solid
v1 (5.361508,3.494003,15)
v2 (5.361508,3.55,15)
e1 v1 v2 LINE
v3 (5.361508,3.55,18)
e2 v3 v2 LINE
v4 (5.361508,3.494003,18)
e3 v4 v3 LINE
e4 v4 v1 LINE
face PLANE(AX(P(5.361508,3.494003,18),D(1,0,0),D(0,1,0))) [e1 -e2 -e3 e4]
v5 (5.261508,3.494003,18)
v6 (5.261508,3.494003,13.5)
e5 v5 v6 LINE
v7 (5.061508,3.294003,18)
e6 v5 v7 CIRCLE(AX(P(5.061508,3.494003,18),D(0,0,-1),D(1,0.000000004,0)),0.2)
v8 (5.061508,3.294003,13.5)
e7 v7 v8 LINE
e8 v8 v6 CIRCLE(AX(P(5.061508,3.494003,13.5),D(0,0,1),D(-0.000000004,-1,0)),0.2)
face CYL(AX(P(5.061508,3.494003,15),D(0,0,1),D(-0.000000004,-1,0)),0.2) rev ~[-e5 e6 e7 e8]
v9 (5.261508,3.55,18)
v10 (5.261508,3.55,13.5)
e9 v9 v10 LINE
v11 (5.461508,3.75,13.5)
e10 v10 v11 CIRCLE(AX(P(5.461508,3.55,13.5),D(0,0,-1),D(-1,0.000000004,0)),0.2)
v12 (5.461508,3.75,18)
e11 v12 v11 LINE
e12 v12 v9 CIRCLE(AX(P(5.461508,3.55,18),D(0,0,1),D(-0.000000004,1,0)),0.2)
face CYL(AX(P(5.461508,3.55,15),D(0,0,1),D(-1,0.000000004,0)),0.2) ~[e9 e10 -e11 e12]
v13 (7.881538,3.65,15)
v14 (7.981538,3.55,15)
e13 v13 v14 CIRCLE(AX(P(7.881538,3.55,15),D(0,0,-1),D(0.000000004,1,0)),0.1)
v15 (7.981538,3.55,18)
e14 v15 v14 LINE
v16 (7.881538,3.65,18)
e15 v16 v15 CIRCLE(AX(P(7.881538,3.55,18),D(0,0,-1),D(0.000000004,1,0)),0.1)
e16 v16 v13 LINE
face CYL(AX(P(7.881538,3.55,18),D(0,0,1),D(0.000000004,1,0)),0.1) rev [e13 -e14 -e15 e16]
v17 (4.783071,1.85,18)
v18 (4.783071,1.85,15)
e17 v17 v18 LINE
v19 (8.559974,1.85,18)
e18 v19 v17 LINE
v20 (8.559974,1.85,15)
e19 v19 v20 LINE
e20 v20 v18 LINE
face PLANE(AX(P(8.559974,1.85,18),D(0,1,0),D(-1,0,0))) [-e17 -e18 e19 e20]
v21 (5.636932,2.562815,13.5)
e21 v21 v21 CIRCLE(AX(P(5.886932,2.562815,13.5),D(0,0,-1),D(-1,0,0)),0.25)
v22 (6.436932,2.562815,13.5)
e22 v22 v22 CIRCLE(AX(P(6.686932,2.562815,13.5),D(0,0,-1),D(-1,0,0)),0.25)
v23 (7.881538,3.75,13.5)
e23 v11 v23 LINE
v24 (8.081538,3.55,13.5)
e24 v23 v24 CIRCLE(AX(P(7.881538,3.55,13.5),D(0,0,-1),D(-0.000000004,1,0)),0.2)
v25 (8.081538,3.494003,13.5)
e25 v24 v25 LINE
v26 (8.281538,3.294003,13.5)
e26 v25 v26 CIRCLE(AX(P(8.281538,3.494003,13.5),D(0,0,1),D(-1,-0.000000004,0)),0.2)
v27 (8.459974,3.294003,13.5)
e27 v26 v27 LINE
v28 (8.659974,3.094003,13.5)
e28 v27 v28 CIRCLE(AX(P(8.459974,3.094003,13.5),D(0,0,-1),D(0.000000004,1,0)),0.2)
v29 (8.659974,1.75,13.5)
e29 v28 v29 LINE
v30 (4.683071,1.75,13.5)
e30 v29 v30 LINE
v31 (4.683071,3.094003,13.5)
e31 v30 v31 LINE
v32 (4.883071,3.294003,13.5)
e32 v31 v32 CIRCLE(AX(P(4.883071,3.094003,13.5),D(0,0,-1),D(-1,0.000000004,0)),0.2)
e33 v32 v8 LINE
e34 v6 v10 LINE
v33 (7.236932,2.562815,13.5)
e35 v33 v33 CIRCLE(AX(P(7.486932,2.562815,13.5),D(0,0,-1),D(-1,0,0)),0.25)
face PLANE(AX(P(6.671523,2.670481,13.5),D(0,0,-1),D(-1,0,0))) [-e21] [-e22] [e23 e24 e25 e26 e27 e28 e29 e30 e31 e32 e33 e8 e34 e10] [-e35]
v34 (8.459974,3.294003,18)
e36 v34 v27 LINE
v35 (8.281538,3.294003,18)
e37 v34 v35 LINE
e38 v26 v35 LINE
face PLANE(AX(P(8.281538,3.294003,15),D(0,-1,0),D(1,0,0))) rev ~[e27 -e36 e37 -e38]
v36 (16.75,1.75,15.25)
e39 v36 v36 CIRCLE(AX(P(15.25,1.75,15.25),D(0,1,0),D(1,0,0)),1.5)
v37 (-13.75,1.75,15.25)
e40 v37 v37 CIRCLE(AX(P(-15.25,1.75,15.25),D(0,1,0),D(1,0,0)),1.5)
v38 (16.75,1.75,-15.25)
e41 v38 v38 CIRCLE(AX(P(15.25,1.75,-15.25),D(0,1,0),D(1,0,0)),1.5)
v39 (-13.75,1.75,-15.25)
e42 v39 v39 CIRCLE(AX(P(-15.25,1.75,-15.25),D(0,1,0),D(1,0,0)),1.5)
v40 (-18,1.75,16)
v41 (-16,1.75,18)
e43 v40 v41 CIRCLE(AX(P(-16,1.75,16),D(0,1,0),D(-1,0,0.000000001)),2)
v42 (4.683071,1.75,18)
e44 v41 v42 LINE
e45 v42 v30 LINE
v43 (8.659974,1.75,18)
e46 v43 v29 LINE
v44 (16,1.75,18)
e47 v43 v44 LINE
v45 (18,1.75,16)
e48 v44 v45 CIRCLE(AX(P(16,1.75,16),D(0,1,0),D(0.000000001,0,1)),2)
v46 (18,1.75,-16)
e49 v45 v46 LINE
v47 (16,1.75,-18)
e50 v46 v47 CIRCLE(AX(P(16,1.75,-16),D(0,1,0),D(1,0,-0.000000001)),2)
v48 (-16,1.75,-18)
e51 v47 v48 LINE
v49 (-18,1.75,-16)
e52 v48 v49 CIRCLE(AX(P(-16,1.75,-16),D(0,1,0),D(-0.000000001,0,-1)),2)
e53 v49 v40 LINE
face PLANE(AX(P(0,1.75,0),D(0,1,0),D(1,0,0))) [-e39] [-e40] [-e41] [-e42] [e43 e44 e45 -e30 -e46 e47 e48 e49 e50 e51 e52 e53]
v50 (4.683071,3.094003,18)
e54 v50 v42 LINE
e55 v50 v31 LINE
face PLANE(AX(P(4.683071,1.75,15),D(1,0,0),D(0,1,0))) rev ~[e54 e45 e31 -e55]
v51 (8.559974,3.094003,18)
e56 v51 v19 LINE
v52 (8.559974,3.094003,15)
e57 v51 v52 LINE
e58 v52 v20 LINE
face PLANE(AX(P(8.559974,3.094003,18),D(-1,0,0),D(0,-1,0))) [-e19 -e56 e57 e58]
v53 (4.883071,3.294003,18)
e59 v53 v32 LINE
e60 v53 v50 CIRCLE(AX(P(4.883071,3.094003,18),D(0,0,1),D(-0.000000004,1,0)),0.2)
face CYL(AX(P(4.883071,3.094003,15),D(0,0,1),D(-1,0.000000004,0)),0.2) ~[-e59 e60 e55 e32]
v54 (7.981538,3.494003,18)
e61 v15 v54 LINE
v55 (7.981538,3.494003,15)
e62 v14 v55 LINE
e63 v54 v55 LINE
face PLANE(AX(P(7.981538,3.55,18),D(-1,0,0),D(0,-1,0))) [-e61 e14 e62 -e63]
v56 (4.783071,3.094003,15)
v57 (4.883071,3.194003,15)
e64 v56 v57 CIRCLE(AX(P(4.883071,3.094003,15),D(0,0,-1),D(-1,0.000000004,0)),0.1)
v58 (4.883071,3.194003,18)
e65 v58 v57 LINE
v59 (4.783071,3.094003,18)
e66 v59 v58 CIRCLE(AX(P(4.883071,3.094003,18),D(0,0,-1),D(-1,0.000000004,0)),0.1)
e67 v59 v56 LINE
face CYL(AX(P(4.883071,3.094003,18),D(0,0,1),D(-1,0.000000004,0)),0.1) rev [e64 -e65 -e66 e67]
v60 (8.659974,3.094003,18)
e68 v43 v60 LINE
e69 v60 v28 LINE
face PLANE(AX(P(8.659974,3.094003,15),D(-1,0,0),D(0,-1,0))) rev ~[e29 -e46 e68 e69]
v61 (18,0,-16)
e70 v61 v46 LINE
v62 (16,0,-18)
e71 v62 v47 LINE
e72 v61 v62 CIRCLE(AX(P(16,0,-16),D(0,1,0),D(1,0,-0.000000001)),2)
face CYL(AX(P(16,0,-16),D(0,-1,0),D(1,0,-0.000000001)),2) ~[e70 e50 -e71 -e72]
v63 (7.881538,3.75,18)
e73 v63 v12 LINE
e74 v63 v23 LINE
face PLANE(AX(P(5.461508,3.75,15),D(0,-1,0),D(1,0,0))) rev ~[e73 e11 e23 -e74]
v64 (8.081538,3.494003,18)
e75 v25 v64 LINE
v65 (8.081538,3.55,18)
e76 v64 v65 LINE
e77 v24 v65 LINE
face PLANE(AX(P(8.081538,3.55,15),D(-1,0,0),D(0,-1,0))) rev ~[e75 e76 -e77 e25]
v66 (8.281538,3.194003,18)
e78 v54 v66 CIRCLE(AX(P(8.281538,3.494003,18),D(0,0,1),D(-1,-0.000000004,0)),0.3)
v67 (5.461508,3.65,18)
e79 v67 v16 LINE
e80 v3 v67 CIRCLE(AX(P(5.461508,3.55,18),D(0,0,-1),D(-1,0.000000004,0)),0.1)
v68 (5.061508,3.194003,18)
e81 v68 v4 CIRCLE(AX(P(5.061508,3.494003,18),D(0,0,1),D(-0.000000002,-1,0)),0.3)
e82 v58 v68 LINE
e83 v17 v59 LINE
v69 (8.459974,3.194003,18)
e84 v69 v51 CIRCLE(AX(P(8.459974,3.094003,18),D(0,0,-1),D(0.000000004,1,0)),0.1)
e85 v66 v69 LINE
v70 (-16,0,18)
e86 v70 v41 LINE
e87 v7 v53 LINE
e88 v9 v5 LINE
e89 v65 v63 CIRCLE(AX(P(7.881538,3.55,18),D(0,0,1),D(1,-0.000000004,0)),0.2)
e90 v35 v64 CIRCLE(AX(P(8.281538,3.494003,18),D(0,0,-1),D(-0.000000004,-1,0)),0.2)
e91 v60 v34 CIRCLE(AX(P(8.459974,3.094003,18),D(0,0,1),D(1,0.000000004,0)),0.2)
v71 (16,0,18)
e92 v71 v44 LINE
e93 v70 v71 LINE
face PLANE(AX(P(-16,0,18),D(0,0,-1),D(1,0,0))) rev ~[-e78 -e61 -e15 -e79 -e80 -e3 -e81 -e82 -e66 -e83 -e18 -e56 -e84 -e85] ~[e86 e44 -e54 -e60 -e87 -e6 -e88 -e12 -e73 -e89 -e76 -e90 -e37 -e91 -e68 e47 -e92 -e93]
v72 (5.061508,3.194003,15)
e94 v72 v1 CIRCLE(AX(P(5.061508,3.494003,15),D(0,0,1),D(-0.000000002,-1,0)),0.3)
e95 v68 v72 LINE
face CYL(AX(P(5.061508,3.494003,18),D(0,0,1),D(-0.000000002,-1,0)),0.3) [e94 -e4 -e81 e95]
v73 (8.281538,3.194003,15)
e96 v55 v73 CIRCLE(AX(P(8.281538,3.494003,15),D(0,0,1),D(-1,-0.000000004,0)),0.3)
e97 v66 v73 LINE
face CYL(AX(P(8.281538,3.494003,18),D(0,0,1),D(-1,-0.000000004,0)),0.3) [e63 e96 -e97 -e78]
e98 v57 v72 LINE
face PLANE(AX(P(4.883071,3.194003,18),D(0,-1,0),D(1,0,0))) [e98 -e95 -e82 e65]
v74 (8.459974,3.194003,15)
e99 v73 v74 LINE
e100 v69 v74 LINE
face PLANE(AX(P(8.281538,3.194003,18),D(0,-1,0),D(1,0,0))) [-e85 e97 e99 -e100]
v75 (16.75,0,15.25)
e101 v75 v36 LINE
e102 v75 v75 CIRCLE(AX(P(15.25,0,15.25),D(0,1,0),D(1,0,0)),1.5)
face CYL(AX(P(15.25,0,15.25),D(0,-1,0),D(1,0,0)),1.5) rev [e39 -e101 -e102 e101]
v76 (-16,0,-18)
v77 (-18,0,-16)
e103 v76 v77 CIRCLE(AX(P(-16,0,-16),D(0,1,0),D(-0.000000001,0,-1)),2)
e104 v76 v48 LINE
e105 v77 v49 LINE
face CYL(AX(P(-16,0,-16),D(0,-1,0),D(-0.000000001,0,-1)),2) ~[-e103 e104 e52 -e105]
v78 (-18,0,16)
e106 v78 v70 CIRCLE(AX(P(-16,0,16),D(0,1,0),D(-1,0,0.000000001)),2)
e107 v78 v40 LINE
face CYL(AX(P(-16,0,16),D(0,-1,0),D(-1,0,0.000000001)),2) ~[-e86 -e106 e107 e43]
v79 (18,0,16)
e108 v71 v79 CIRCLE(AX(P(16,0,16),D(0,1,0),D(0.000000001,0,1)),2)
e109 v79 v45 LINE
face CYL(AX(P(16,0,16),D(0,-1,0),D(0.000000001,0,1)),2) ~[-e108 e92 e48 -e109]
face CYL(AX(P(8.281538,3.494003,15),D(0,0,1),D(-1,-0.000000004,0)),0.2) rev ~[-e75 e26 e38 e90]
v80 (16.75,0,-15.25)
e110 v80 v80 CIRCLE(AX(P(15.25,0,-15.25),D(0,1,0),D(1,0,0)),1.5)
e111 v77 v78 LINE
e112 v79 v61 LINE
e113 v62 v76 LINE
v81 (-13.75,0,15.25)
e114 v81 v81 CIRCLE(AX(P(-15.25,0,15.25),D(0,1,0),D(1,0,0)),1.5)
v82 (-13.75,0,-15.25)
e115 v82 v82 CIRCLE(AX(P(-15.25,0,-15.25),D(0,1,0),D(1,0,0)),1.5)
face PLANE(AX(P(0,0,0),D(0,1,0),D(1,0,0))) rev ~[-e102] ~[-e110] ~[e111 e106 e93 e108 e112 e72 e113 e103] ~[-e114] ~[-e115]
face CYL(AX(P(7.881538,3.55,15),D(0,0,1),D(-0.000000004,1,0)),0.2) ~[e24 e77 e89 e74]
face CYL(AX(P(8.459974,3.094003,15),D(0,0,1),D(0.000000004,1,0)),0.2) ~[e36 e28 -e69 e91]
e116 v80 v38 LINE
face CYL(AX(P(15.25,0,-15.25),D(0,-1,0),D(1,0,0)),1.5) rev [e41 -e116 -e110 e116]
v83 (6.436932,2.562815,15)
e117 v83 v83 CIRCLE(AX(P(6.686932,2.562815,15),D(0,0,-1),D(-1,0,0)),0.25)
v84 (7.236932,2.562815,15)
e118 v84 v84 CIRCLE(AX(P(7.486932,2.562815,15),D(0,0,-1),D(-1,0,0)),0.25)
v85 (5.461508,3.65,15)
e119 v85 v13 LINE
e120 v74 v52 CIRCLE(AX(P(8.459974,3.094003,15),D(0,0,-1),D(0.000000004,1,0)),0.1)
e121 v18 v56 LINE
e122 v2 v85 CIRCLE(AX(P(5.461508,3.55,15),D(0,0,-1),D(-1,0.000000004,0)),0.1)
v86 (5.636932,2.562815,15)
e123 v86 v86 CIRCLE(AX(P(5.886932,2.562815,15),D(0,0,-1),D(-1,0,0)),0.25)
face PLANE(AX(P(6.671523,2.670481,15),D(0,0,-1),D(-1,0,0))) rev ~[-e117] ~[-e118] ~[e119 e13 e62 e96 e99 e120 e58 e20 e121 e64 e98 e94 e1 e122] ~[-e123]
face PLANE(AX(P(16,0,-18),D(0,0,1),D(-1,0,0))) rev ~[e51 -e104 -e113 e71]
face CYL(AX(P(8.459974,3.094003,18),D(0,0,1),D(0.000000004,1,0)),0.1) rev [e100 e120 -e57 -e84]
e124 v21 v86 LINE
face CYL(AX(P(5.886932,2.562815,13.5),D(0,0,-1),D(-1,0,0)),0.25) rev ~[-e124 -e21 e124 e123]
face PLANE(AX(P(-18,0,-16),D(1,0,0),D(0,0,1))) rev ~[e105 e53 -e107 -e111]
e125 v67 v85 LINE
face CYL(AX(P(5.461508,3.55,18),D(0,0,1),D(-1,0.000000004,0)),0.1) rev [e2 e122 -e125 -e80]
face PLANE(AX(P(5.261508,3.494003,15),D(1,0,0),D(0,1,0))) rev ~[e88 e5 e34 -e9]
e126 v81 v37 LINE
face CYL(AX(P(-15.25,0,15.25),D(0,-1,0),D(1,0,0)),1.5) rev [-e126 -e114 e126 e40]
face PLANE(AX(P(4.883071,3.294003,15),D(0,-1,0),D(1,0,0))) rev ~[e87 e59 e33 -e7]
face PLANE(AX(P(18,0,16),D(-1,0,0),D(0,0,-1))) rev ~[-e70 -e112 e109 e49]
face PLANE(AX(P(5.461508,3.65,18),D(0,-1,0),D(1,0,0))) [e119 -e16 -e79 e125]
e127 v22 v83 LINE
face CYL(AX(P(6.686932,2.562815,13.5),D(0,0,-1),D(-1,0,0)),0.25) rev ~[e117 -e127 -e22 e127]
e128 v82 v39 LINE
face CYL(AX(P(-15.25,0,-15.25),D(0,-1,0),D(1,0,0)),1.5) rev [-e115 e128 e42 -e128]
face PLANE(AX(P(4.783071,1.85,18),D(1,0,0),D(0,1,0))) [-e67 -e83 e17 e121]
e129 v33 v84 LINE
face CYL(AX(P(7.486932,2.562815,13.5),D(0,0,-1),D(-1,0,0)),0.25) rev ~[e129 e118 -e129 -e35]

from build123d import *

# Parameters (mm, degrees)
SKETCH1_R           = 1.5
BOSS_EXTRUDE1_DEPTH = 1.75
BOSS_DEPTH          = 3
BOSS_EXTRUDE5_DEPTH = 1.5
SKETCH10_R          = 0.25
CUT_EXTRUDE2_DEPTH  = 5.5


with BuildPart() as part:
    # Sketch1 → Boss-Extrude1 (new body)
    with BuildSketch(Plane(origin=(0, 0, 0), x_dir=(1, 0, 0), z_dir=(0, 1, 0))):
        with BuildLine():
            Line((-16, -18), (16, -18))
            ThreePointArc((16, -18), (17.414213562, -17.414213562), (18, -16))
            Line((18, -16), (18, 16))
            ThreePointArc((18, 16), (17.414213562, 17.414213562), (16, 18))
            Line((16, 18), (-16, 18))
            ThreePointArc((-16, 18), (-17.414213562, 17.414213562), (-18, 16))
            Line((-18, 16), (-18, -16))
            ThreePointArc((-18, -16), (-17.414213562, -17.414213562), (-16, -18))
        make_face()
        with Locations((-15.25, 15.25)):
            Circle(SKETCH1_R, mode=Mode.SUBTRACT)
        with Locations((15.25, 15.25)):
            Circle(SKETCH1_R, mode=Mode.SUBTRACT)
        with Locations((-15.25, -15.25)):
            Circle(SKETCH1_R, mode=Mode.SUBTRACT)
        with Locations((15.25, -15.25)):
            Circle(SKETCH1_R, mode=Mode.SUBTRACT)
    extrude(amount=BOSS_EXTRUDE1_DEPTH)

    # Sketch2 → Boss- (add)
    with BuildSketch(Plane.XY.offset(18)):
        with BuildLine():
            Line((4.683071404, 1.75), (8.659974309, 1.75))
            Line((8.659974309, 1.75), (8.659974309, 3.094003243))
            ThreePointArc((8.659974309, 3.094003243), (8.601395665, 3.235424599), (8.459974309, 3.294003243))
            Line((8.459974309, 3.294003243), (8.281537536, 3.294003243))
            ThreePointArc((8.281537536, 3.294003243), (8.14011618, 3.352581887), (8.081537536, 3.494003243))
            Line((8.081537536, 3.494003243), (8.081537536, 3.55))
            ThreePointArc((8.081537536, 3.55), (8.022958893, 3.691421356), (7.881537536, 3.75))
            Line((7.881537536, 3.75), (5.461508176, 3.75))
            ThreePointArc((5.461508176, 3.75), (5.32008682, 3.691421356), (5.261508176, 3.55))
            Line((5.261508176, 3.55), (5.261508176, 3.494003243))
            ThreePointArc((5.261508176, 3.494003243), (5.202929533, 3.352581887), (5.061508176, 3.294003243))
            Line((5.061508176, 3.294003243), (4.883071404, 3.294003243))
            ThreePointArc((4.883071404, 3.294003243), (4.741650048, 3.235424599), (4.683071404, 3.094003243))
            Line((4.683071404, 3.094003243), (4.683071404, 1.75))
        make_face()
        with BuildLine():
            Line((4.783071404, 1.85), (4.783071404, 3.094003243))
            ThreePointArc((4.783071404, 3.094003243), (4.812360726, 3.164713921), (4.883071404, 3.194003243))
            Line((4.883071404, 3.194003243), (5.061508176, 3.194003243))
            ThreePointArc((5.061508176, 3.194003243), (5.273640211, 3.281871209), (5.361508176, 3.494003243))
            Line((5.361508176, 3.494003243), (5.361508176, 3.55))
            ThreePointArc((5.361508176, 3.55), (5.390797498, 3.620710678), (5.461508176, 3.65))
            Line((5.461508176, 3.65), (7.881537536, 3.65))
            ThreePointArc((7.881537536, 3.65), (7.952248214, 3.620710678), (7.981537536, 3.55))
            Line((7.981537536, 3.55), (7.981537536, 3.494003243))
            ThreePointArc((7.981537536, 3.494003243), (8.069405502, 3.281871209), (8.281537536, 3.194003243))
            Line((8.281537536, 3.194003243), (8.459974309, 3.194003243))
            ThreePointArc((8.459974309, 3.194003243), (8.530684987, 3.164713921), (8.559974309, 3.094003243))
            Line((8.559974309, 3.094003243), (8.559974309, 1.85))
            Line((8.559974309, 1.85), (4.783071404, 1.85))
        make_face(mode=Mode.SUBTRACT)
    extrude(amount=-BOSS_DEPTH)

    # Sketch9 → Boss-Extrude5 (add)
    with BuildSketch(Plane(origin=(0, 0, 15), x_dir=(-1, 0, 0), z_dir=(0, 0, -1))):
        with BuildLine():
            Line((-8.281537536, 3.294003243), (-8.459974309, 3.294003243))
            ThreePointArc((-8.459974309, 3.294003243), (-8.601395665, 3.235424599), (-8.659974309, 3.094003243))
            Line((-8.659974309, 3.094003243), (-8.659974309, 1.75))
            Line((-8.659974309, 1.75), (-4.683071404, 1.75))
            Line((-4.683071404, 1.75), (-4.683071404, 3.094003243))
            ThreePointArc((-4.683071404, 3.094003243), (-4.741650048, 3.235424599), (-4.883071404, 3.294003243))
            Line((-4.883071404, 3.294003243), (-5.061508176, 3.294003243))
            ThreePointArc((-5.061508176, 3.294003243), (-5.202929533, 3.352581887), (-5.261508176, 3.494003243))
            Line((-5.261508176, 3.494003243), (-5.261508176, 3.55))
            ThreePointArc((-5.261508176, 3.55), (-5.32008682, 3.691421356), (-5.461508176, 3.75))
            Line((-5.461508176, 3.75), (-7.881537536, 3.75))
            ThreePointArc((-7.881537536, 3.75), (-8.022958893, 3.691421356), (-8.081537536, 3.55))
            Line((-8.081537536, 3.55), (-8.081537536, 3.494003243))
            ThreePointArc((-8.081537536, 3.494003243), (-8.14011618, 3.352581887), (-8.281537536, 3.294003243))
        make_face()
    extrude(amount=BOSS_EXTRUDE5_DEPTH)

    # Sketch10 → Cut-Extrude2 (cut, through all)
    with BuildSketch(Plane(origin=(0, 0, 13.5), x_dir=(-1, 0, 0), z_dir=(0, 0, -1))):
        with Locations((-6.686931658, 2.562814542)):
            Circle(SKETCH10_R)
        with Locations((-5.886931658, 2.562814542)):
            Circle(SKETCH10_R)
        with Locations((-7.486931658, 2.562814542)):
            Circle(SKETCH10_R)
    extrude(amount=-CUT_EXTRUDE2_DEPTH, mode=Mode.SUBTRACT)


solid = part.part
